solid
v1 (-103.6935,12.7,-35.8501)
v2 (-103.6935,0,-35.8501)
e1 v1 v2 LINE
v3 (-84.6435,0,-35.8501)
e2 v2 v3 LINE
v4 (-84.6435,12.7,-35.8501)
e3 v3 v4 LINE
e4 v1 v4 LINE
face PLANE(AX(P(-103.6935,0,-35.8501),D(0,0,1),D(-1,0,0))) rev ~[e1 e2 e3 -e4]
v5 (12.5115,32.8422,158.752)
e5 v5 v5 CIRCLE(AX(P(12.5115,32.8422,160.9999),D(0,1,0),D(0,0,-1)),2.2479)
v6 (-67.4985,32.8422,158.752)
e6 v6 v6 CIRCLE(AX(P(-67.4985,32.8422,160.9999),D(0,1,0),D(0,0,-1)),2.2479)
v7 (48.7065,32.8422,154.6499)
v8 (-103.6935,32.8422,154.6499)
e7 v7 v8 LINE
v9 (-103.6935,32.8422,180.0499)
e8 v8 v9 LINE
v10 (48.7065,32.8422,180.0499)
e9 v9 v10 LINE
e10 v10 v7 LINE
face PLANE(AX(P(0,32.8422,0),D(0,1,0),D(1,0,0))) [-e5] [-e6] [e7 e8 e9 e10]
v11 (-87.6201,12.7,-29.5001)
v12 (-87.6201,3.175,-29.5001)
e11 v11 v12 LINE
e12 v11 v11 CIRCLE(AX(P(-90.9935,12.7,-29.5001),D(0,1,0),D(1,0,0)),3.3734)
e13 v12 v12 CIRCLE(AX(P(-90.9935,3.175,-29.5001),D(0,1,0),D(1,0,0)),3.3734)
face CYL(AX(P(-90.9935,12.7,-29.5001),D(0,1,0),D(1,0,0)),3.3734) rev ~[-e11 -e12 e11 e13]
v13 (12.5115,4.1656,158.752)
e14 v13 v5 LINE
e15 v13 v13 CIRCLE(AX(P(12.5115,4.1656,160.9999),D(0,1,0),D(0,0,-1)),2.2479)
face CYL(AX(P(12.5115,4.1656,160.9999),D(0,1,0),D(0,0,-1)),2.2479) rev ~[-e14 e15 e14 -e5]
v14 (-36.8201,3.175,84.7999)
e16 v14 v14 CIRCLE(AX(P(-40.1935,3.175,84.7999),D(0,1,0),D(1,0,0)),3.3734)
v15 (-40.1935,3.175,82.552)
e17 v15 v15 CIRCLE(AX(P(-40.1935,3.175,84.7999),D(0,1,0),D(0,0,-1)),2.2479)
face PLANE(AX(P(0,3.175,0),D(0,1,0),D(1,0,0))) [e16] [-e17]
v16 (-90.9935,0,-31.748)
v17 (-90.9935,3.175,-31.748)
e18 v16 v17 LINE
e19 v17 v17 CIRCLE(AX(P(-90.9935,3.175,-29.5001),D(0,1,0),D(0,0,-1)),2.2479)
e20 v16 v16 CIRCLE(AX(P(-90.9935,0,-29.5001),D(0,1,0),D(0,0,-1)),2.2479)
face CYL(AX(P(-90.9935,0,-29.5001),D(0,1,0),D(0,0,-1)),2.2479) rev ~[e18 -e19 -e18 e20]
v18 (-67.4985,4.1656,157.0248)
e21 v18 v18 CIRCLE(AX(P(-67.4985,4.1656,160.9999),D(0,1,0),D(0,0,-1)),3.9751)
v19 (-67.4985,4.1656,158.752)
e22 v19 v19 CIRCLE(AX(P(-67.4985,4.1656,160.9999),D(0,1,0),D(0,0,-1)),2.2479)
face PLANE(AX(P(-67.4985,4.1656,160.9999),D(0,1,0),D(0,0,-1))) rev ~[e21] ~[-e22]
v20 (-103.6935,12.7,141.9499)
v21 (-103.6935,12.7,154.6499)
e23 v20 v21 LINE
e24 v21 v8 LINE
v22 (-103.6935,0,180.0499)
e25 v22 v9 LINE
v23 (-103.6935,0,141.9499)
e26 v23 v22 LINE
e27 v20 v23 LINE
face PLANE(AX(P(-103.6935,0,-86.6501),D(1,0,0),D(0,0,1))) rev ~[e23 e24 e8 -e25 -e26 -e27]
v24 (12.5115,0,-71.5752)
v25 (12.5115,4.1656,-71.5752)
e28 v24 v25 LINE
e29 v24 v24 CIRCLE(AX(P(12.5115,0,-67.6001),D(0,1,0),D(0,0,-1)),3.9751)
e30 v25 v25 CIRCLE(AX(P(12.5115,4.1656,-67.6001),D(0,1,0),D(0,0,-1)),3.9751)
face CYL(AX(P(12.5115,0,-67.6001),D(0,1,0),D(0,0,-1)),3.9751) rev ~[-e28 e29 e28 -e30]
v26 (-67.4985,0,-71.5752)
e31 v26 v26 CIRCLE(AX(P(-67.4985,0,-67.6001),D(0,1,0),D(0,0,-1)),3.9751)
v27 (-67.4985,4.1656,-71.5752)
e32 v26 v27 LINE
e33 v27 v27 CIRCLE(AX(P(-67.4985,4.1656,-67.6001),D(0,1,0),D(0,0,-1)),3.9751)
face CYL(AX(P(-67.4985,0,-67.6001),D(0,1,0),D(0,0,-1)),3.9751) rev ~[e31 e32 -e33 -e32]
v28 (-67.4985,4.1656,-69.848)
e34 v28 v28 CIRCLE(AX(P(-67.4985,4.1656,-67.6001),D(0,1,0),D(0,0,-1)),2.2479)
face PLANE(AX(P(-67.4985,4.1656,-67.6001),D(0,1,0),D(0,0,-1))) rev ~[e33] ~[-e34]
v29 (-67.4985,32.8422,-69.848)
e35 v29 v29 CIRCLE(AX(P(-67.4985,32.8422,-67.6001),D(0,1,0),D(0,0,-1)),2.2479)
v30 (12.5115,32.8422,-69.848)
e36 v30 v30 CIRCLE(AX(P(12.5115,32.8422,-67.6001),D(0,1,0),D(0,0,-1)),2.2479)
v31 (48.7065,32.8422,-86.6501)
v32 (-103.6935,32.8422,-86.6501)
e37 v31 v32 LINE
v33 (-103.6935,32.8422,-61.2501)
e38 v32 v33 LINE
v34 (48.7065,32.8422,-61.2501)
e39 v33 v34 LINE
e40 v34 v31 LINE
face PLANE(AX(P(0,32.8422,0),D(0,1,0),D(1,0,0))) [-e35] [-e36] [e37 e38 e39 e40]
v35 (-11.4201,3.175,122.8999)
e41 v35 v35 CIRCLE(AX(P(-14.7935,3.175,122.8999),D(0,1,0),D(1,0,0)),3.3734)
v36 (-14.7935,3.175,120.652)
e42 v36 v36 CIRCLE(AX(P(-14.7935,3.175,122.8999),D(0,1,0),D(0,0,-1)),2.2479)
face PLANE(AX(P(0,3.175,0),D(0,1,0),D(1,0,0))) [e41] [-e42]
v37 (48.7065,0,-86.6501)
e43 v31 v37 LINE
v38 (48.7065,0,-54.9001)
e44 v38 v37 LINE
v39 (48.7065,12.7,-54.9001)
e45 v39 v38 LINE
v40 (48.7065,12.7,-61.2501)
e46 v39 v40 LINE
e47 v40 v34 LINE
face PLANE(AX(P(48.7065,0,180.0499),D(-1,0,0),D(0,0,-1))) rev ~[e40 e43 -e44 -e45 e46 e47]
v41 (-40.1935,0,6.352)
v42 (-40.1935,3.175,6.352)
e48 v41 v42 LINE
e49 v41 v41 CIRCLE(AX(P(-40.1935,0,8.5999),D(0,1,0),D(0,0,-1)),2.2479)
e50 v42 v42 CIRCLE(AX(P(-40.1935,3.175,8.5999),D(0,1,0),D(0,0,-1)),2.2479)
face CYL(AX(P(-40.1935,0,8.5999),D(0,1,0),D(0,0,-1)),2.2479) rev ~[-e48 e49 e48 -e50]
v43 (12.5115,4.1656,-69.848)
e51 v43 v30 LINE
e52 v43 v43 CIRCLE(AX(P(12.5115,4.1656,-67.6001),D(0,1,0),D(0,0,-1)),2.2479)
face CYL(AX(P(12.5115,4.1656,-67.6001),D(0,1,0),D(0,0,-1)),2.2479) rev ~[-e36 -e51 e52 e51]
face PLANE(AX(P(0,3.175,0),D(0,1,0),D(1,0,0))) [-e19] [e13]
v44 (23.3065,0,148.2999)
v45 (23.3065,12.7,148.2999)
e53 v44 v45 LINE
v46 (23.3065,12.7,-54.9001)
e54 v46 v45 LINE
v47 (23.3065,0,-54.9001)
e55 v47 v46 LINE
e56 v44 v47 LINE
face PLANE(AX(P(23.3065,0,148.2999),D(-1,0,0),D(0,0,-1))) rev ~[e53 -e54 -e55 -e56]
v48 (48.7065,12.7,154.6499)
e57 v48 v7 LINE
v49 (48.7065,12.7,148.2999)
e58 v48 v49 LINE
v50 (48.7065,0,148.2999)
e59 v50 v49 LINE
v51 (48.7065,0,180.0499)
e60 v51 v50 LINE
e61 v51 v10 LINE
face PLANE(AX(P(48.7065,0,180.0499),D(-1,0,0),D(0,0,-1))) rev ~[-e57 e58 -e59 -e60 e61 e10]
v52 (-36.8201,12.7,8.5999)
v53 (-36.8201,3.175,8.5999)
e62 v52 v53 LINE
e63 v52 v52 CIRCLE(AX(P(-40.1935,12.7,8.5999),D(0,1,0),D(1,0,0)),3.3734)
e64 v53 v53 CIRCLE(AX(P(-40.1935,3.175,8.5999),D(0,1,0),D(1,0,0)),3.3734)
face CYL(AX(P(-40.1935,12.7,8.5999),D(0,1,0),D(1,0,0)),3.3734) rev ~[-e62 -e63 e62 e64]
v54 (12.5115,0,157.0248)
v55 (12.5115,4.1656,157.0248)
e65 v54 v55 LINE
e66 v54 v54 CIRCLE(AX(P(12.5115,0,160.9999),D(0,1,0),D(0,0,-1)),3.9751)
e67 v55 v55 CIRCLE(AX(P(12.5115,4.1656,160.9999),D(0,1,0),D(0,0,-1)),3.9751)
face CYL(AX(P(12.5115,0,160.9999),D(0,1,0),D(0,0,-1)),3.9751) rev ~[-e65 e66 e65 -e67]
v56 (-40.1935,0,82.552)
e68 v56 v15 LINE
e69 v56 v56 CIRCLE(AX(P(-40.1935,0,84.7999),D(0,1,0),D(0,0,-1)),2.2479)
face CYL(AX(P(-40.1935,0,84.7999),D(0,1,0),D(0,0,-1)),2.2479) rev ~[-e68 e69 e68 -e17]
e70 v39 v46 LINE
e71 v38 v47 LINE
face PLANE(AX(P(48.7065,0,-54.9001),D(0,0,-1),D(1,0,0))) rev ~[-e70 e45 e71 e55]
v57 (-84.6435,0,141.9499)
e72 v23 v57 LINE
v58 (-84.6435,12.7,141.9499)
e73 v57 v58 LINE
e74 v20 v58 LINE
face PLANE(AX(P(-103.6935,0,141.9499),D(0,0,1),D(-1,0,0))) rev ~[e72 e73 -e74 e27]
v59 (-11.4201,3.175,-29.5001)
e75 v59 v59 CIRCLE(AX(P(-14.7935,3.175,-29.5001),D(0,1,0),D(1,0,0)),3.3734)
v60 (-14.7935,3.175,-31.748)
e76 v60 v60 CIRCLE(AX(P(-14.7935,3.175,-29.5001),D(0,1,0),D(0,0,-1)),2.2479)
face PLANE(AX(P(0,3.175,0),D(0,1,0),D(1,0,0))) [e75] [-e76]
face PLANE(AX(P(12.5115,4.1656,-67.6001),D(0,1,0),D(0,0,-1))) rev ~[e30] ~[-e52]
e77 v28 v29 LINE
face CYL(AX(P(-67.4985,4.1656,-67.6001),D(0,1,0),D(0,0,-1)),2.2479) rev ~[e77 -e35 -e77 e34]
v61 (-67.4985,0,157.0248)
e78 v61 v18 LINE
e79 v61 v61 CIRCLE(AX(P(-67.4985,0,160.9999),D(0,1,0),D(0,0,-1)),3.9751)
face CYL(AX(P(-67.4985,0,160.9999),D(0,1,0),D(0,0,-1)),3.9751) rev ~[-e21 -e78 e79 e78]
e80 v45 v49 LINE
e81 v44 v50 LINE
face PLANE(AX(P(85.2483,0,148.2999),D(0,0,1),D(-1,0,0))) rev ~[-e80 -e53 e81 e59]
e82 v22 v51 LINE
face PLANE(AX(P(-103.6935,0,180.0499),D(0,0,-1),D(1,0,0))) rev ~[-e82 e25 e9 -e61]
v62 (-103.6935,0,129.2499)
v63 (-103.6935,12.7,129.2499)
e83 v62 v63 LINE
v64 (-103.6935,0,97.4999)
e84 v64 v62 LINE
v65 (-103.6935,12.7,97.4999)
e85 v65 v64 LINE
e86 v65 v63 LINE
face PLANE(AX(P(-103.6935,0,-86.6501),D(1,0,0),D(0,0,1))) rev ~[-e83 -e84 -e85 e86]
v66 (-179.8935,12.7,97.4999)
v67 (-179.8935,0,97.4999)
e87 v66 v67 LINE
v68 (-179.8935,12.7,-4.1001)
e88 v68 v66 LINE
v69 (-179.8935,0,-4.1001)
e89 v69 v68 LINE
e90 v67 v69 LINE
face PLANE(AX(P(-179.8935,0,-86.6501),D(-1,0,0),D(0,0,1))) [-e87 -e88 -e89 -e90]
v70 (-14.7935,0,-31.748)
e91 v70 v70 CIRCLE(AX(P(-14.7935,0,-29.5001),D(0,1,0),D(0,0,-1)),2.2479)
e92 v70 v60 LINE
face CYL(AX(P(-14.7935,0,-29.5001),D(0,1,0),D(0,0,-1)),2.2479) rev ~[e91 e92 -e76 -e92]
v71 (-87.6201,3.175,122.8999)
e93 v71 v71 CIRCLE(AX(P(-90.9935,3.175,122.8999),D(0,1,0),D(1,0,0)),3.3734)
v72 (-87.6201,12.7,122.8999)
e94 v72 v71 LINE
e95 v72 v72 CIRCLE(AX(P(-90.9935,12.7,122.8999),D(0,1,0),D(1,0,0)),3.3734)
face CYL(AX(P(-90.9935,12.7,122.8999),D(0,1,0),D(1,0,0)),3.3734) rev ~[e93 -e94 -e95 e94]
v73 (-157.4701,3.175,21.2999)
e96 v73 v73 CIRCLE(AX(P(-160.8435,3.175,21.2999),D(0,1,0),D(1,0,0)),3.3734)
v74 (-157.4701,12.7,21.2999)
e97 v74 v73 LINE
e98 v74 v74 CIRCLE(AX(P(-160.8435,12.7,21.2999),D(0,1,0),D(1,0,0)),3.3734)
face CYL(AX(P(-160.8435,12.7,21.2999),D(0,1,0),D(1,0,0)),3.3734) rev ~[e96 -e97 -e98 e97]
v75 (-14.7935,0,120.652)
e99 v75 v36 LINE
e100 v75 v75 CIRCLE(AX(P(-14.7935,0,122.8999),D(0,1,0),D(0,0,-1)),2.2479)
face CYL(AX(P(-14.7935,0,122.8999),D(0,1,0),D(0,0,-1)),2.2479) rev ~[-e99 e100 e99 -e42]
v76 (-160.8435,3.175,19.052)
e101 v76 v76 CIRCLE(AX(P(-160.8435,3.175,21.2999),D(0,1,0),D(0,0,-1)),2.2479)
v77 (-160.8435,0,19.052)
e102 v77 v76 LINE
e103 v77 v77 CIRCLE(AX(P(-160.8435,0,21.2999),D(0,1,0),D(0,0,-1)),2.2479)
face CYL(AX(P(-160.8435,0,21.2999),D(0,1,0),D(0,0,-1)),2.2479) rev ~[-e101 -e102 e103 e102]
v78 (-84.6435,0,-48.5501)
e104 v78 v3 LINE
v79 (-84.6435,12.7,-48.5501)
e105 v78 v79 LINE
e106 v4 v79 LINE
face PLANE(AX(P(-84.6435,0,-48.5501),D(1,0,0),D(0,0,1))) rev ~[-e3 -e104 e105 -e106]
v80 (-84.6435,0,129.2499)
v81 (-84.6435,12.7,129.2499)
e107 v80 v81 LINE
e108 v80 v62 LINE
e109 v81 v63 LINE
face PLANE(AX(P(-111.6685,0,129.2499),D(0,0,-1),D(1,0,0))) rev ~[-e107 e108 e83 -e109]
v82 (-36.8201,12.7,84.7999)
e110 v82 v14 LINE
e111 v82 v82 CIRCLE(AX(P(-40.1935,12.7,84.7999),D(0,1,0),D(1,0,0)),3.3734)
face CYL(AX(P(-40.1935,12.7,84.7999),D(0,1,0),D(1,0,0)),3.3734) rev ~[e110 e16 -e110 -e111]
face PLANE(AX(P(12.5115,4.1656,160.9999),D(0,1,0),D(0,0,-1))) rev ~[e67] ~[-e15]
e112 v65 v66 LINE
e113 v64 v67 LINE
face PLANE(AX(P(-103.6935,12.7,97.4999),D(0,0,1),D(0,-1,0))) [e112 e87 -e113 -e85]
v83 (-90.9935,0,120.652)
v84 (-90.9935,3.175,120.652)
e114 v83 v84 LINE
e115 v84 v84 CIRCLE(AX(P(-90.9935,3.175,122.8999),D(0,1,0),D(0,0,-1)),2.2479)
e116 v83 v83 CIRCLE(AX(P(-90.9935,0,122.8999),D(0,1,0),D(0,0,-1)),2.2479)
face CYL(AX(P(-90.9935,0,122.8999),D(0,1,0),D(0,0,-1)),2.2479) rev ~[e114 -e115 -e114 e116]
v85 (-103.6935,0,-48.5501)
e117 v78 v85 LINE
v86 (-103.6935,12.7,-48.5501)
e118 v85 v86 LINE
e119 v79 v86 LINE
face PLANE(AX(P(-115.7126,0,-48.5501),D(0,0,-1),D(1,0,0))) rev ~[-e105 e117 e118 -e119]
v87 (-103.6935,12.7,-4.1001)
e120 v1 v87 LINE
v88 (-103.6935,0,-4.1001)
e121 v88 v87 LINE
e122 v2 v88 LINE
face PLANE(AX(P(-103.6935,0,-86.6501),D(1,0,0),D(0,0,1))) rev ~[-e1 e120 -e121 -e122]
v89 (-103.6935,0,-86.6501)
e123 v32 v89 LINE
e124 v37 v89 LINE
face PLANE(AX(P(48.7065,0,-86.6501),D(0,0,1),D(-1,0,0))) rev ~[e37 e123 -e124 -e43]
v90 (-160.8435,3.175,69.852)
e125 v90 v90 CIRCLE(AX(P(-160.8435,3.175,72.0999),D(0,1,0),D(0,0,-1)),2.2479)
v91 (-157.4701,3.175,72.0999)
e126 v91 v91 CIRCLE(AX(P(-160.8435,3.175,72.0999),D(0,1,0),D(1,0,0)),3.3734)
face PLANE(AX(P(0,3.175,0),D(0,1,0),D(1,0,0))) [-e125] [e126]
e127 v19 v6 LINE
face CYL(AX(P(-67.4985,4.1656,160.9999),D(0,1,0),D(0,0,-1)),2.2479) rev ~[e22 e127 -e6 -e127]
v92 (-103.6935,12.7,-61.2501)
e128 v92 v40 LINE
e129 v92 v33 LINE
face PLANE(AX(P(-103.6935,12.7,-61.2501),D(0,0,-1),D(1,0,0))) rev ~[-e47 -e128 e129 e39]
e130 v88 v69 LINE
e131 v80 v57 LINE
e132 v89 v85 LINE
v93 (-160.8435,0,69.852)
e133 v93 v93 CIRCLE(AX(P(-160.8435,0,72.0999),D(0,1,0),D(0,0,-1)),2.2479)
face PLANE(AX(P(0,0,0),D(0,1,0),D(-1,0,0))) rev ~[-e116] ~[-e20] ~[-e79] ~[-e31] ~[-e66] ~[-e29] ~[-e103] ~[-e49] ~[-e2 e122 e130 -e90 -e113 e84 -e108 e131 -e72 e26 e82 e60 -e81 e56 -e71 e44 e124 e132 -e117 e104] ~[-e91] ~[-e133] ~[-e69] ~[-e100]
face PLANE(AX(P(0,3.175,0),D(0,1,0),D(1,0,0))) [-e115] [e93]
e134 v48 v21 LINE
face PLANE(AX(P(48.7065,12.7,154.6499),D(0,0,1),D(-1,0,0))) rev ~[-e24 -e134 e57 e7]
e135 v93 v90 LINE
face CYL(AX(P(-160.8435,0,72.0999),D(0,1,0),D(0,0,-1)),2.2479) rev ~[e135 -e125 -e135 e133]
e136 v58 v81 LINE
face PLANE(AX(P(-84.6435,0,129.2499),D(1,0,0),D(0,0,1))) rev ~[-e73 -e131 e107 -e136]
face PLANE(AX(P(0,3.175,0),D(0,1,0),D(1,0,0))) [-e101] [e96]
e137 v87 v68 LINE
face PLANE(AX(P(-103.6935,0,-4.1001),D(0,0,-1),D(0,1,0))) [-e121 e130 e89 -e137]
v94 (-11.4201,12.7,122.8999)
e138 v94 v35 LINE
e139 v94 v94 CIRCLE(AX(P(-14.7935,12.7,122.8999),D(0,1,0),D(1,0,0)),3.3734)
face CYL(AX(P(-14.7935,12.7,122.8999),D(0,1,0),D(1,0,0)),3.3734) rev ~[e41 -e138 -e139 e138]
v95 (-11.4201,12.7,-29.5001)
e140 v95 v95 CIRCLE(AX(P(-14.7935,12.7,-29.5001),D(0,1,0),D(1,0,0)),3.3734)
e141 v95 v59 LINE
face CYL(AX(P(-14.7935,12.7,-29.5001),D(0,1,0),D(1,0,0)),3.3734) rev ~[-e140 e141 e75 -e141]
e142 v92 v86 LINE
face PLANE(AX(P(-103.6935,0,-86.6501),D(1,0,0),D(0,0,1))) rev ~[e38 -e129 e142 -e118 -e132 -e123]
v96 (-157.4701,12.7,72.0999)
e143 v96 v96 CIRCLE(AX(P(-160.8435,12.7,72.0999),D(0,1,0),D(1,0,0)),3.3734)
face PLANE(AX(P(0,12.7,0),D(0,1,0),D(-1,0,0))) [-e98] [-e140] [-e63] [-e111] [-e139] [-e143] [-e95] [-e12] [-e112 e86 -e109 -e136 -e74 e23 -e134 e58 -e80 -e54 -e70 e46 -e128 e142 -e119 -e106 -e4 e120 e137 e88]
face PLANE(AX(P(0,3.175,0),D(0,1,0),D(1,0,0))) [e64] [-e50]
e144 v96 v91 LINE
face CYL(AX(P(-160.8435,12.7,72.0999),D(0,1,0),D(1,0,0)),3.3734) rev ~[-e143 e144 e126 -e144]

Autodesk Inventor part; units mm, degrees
ref_plane "YZ Plane" through (0, 0, 0) normal (1, 0, 0) x (0, 1, 0)
ref_plane "XZ Plane" through (0, 0, 0) normal (0, 1, 0) x (-1, 0, 0)
ref_plane "XY Plane" through (0, 0, 0) normal (0, 0, 1) x (1, 0, 0)
sketch "Sketch1" plane through (0, 0, 0) normal (0, 1, 0) x (-1, 0, 0)
  line L0 (103.6935, 180.0499) -> (-48.7065, 180.0499)
  line L1 (-48.7065, 180.0499) -> (-48.7065, -86.6501)
  line L2 (-48.7065, -86.6501) -> (103.6935, -86.6501)
  line L3 (103.6935, -86.6501) -> (103.6935, 180.0499)
  point P0 (0, 0)
  dimension "d0" = 266.7
  dimension "d1" = 152.4
extrude "Extrusion1" add sketch "Sketch1" along normal blind 12.7
sketch "Sketch2" plane through (0, 12.7, 0) normal (0, 1, 0) x (1, 0, 0)
  line L0 (-103.6935, 86.6501) -> (-103.6935, -180.0499) projected
  line L1 (-103.6935, -180.0499) -> (48.7065, -180.0499)
  line L2 (48.7065, -180.0499) -> (48.7065, -154.6499)
  line L3 (48.7065, -154.6499) -> (-103.6935, -154.6499)
  line L4 (-103.6935, -154.6499) -> (-103.6935, -180.0499)
  line L5 (48.7065, -180.0499) -> (48.7065, 86.6501) projected
  line L6 (48.7065, 86.6501) -> (-103.6935, 86.6501)
  line L7 (-103.6935, 86.6501) -> (-103.6935, 61.2501)
  line L8 (-103.6935, 61.2501) -> (48.7065, 61.2501)
  line L9 (48.7065, 61.2501) -> (48.7065, 86.6501)
  point P0 (0, 0)
  dimension "d4" = 25.4
  dimension "d5" = 25.4
  dimension "d8" = 0
extrude "Extrusion2" add sketch "Sketch2" along normal blind 20.1422 contours L6 L5 L8 L0 | L3 L2 L1 L0
sketch "Sketch3" plane through (0, 0, 0) normal (0, -1, 0) x (1, 0, 0)
  line L0 (94.7395, 46.6999) -> (-172.7542, 46.6999)
  line L1 (-103.6935, 180.0499) -> (48.7065, 180.0499) projected
  line L2 (-27.4935, 259.5672) -> (-27.4935, -153.6047)
  line L3 (48.7065, 180.0499) -> (48.7065, -86.6501) projected
  point P0 (0, 0)
  point P1 (12.5115, 160.9999)
  point P2 (-67.4985, 160.9999)
  point P3 (12.5115, -67.6001)
  point P4 (-67.4985, -67.6001)
  dimension "d9" = 133.35
  dimension "d10" = 76.2
  dimension "d11" = 40.005
  dimension "d12" = 40.005
  dimension "d13" = 0
  dimension "d14" = 0
  dimension "d15" = 114.3
  dimension "d16" = 0
  dimension "d17" = 0
  dimension "d18" = 114.3
hole "Hole1" at (12.5115, 0, 160.9999) at (-67.4985, 0, 160.9999) at (12.5115, 0, -67.6001) at (-67.4985, 0, -67.6001) direction (0, 1, 0) diameter 4.4958 end through all counterbore diameter 7.9502 counterbore depth 4.1656 clearance for "Socket Head Cap Screw" size "#8" standard "Ansi Unified Screw Threads"
sketch "Sketch4" plane through (-103.6935, 0, -86.6501) normal (-1, 0, 0) x (0, 0, 1)
  line L0 (184.15, 0) -> (82.55, 0)
  line L1 (82.55, 0) -> (82.55, 12.7)
  line L2 (82.55, 12.7) -> (184.15, 12.7)
  line L3 (184.15, 12.7) -> (184.15, 0)
  line L4 (0, 0) -> (0, 32.8422) projected
  line L5 (0, 0) -> (266.7, 0) projected
  line L6 (25.4, 12.7) -> (241.3, 12.7) projected
  line L7 (266.7, 0) -> (266.7, 32.8422) projected
  point P0 (86.6501, 0)
  dimension "d26" = 101.6
  dimension "d27" = 82.55
  dimension "d28" = 0
  dimension "d29" = 0
  dimension "d53" = 82.55
extrude "Extrusion3" add sketch "Sketch4" along normal blind 76.2
sketch "Sketch5" plane through (0, 0, 0) normal (0, -1, 0) x (1, 0, 0)
  line L0 (-103.6935, 97.4999) -> (-179.8935, 97.4999) projected
  line L1 (-103.6935, -4.1001) -> (-179.8935, -4.1001) projected
  line L2 (48.7065, 180.0499) -> (48.7065, -86.6501) projected
  line L3 (-103.6935, -86.6501) -> (-103.6935, -4.1001) projected
  point P0 (0, 0)
  point P1 (-14.7935, 122.8999)
  point P2 (-90.9935, 122.8999)
  point P3 (-90.9935, -29.5001)
  point P4 (-14.7935, -29.5001)
  dimension "d32" = 0
  dimension "d33" = 0
  dimension "d34" = 25.4
  dimension "d35" = 25.4
  dimension "d36" = 0
  dimension "d38" = 12.7
  dimension "d52" = 76.2
  dimension "d54" = 0
hole "Hole2" at (-14.7935, 0, 122.8999) at (-90.9935, 0, 122.8999) at (-90.9935, 0, -29.5001) at (-14.7935, 0, -29.5001) direction (0, 1, 0) diameter 4.4958 end through all
sketch "Sketch6" plane through (0, 12.7, 0) normal (0, 1, 0) x (1, 0, 0)
  circle A0 centre (-90.9935, -122.8999) radius 2.2479 projected
  circle A1 centre (-14.7935, -122.8999) radius 2.2479 projected
  circle A2 centre (-14.7935, 29.5001) radius 2.2479 projected
  circle A3 centre (-90.9935, 29.5001) radius 2.2479 projected
  circle A4 centre (-90.9935, 29.5001) radius 2.2479 projected
  circle A5 centre (-90.9935, 29.5001) radius 3.3734
  circle A6 centre (-90.9935, -122.8999) radius 3.3734
  circle A7 centre (-14.7935, -122.8999) radius 3.3734
  circle A8 centre (-14.7935, 29.5001) radius 3.3734
  point P0 (0, 0)
  dimension "d46" = 6.7469
  dimension "d47" = 6.7469
  dimension "d48" = 6.7469
  dimension "d49" = 6.7469
extrude "Extrusion4" cut sketch "Sketch6" against normal blind 9.525 contours A0 | A1 | A2 | A3 | A5 | A6 | A7 | A8
sketch "Sketch7" plane through (0, 0, 0) normal (0, -1, 0) x (1, 0, 0)
  line L0 (85.2483, 148.2999) -> (23.3065, 148.2999)
  line L1 (23.3065, 148.2999) -> (23.3065, -54.9001)
  line L2 (23.3065, -54.9001) -> (85.2483, -54.9001)
  line L3 (85.2483, -54.9001) -> (85.2483, 148.2999)
  line L4 (48.7065, -86.6501) -> (-103.6935, -86.6501) projected
  line L5 (-103.6935, 180.0499) -> (48.7065, 180.0499) projected
  line L6 (48.7065, 180.0499) -> (48.7065, -86.6501) projected
  point P0 (0, 0)
  dimension "d55" = 31.75
  dimension "d56" = 31.75
  dimension "d57" = 25.4
extrude "Extrusion5" cut sketch "Sketch7" against normal blind 50.8
sketch "Sketch8" plane through (0, 0, 0) normal (0, -1, 0) x (1, 0, 0)
  line L0 (-111.6685, 129.2499) -> (-84.6435, 129.2499)
  line L1 (-84.6435, 129.2499) -> (-84.6435, 141.9499)
  line L2 (-84.6435, 141.9499) -> (-111.6685, 141.9499)
  line L3 (-111.6685, 141.9499) -> (-111.6685, 129.2499)
  line L4 (-115.7126, -48.5501) -> (-84.6435, -48.5501)
  line L5 (-84.6435, -48.5501) -> (-84.6435, -35.8501)
  line L6 (-84.6435, -35.8501) -> (-115.7126, -35.8501)
  line L7 (-115.7126, -35.8501) -> (-115.7126, -48.5501)
  line L8 (-103.6935, -86.6501) -> (-103.6935, -4.1001) projected
  line L9 (-103.6935, 97.4999) -> (-103.6935, 180.0499) projected
  point P0 (0, 0)
  point P1 (-103.6935, -61.2501)
  point P2 (-103.6935, 154.6499)
  dimension "d60" = 12.7
  dimension "d61" = 12.7
  dimension "d62" = 19.05
  dimension "d63" = 19.05
  dimension "d64" = 12.7
  dimension "d65" = 12.7
extrude "Extrusion6" cut sketch "Sketch8" against normal blind 50.8
sketch "Sketch9" plane through (0, 0, 0) normal (0, -1, 0) x (1, 0, 0)
  line L0 (-103.6935, 180.0499) -> (48.7065, 180.0499) projected
  line L1 (48.7065, 180.0499) -> (48.7065, 148.2999) projected
  point P0 (0, 0)
  point P1 (-40.1935, 84.7999)
  point P2 (-40.1935, 8.5999)
  dimension "d68" = 76.2
  dimension "d69" = 0
  dimension "d70" = 95.25
  dimension "d71" = 88.9
hole "Hole3" at (-40.1935, 0, 84.7999) at (-40.1935, 0, 8.5999) direction (0, 1, 0) diameter 4.4958 end through all clearance for "Flat Head Machine Screw (82)" size "#8" standard "Ansi Unified Screw Threads"
sketch "Sketch10" plane through (0, 12.7, 0) normal (0, 1, 0) x (1, 0, 0)
  circle A0 centre (-40.1935, -84.7999) radius 2.2479 projected
  circle A1 centre (-40.1935, -8.5999) radius 2.2479 projected
  circle A2 centre (-40.1935, -8.5999) radius 2.2479 projected
  circle A3 centre (-40.1935, -8.5999) radius 3.3734
  circle A4 centre (-40.1935, -84.7999) radius 3.3734
  point P0 (0, 0)
  dimension "d79" = 6.7469
  dimension "d80" = 6.7469
extrude "Extrusion7" cut sketch "Sketch10" against normal blind 9.525 contours A0 | A1 | A3 | A4
sketch "Sketch11" plane through (0, 0, 0) normal (0, -1, 0) x (1, 0, 0)
  circle A0 centre (-40.1935, 8.5999) radius 2.2479 projected
  point P0 (0, 0)
  point P1 (-160.8435, 21.2999)
  point P2 (-160.8435, 72.0999)
  dimension "d83" = 120.65
  dimension "d84" = 0
  dimension "d85" = 50.8
  dimension "d86" = 12.7
hole "Hole4" at (-160.8435, 0, 21.2999) at (-160.8435, 0, 72.0999) direction (0, 1, 0) diameter 4.4958 end through all clearance for "Flat Head Machine Screw (82)" size "#8" standard "Ansi Unified Screw Threads"
sketch "Sketch12" plane through (0, 12.7, 0) normal (0, 1, 0) x (1, 0, 0)
  circle A0 centre (-160.8435, -72.0999) radius 2.2479 projected
  circle A1 centre (-160.8435, -21.2999) radius 2.2479 projected
  circle A2 centre (-160.8435, -21.2999) radius 3.3734
  circle A3 centre (-160.8435, -72.0999) radius 3.3734
  point P0 (0, 0)
  dimension "d94" = 6.7469
  dimension "d95" = 6.7469
extrude "Extrusion8" cut sketch "Sketch12" against normal blind 9.525 contours A0 | A1 | A2 | A3
properties part number "MotorPlate"
